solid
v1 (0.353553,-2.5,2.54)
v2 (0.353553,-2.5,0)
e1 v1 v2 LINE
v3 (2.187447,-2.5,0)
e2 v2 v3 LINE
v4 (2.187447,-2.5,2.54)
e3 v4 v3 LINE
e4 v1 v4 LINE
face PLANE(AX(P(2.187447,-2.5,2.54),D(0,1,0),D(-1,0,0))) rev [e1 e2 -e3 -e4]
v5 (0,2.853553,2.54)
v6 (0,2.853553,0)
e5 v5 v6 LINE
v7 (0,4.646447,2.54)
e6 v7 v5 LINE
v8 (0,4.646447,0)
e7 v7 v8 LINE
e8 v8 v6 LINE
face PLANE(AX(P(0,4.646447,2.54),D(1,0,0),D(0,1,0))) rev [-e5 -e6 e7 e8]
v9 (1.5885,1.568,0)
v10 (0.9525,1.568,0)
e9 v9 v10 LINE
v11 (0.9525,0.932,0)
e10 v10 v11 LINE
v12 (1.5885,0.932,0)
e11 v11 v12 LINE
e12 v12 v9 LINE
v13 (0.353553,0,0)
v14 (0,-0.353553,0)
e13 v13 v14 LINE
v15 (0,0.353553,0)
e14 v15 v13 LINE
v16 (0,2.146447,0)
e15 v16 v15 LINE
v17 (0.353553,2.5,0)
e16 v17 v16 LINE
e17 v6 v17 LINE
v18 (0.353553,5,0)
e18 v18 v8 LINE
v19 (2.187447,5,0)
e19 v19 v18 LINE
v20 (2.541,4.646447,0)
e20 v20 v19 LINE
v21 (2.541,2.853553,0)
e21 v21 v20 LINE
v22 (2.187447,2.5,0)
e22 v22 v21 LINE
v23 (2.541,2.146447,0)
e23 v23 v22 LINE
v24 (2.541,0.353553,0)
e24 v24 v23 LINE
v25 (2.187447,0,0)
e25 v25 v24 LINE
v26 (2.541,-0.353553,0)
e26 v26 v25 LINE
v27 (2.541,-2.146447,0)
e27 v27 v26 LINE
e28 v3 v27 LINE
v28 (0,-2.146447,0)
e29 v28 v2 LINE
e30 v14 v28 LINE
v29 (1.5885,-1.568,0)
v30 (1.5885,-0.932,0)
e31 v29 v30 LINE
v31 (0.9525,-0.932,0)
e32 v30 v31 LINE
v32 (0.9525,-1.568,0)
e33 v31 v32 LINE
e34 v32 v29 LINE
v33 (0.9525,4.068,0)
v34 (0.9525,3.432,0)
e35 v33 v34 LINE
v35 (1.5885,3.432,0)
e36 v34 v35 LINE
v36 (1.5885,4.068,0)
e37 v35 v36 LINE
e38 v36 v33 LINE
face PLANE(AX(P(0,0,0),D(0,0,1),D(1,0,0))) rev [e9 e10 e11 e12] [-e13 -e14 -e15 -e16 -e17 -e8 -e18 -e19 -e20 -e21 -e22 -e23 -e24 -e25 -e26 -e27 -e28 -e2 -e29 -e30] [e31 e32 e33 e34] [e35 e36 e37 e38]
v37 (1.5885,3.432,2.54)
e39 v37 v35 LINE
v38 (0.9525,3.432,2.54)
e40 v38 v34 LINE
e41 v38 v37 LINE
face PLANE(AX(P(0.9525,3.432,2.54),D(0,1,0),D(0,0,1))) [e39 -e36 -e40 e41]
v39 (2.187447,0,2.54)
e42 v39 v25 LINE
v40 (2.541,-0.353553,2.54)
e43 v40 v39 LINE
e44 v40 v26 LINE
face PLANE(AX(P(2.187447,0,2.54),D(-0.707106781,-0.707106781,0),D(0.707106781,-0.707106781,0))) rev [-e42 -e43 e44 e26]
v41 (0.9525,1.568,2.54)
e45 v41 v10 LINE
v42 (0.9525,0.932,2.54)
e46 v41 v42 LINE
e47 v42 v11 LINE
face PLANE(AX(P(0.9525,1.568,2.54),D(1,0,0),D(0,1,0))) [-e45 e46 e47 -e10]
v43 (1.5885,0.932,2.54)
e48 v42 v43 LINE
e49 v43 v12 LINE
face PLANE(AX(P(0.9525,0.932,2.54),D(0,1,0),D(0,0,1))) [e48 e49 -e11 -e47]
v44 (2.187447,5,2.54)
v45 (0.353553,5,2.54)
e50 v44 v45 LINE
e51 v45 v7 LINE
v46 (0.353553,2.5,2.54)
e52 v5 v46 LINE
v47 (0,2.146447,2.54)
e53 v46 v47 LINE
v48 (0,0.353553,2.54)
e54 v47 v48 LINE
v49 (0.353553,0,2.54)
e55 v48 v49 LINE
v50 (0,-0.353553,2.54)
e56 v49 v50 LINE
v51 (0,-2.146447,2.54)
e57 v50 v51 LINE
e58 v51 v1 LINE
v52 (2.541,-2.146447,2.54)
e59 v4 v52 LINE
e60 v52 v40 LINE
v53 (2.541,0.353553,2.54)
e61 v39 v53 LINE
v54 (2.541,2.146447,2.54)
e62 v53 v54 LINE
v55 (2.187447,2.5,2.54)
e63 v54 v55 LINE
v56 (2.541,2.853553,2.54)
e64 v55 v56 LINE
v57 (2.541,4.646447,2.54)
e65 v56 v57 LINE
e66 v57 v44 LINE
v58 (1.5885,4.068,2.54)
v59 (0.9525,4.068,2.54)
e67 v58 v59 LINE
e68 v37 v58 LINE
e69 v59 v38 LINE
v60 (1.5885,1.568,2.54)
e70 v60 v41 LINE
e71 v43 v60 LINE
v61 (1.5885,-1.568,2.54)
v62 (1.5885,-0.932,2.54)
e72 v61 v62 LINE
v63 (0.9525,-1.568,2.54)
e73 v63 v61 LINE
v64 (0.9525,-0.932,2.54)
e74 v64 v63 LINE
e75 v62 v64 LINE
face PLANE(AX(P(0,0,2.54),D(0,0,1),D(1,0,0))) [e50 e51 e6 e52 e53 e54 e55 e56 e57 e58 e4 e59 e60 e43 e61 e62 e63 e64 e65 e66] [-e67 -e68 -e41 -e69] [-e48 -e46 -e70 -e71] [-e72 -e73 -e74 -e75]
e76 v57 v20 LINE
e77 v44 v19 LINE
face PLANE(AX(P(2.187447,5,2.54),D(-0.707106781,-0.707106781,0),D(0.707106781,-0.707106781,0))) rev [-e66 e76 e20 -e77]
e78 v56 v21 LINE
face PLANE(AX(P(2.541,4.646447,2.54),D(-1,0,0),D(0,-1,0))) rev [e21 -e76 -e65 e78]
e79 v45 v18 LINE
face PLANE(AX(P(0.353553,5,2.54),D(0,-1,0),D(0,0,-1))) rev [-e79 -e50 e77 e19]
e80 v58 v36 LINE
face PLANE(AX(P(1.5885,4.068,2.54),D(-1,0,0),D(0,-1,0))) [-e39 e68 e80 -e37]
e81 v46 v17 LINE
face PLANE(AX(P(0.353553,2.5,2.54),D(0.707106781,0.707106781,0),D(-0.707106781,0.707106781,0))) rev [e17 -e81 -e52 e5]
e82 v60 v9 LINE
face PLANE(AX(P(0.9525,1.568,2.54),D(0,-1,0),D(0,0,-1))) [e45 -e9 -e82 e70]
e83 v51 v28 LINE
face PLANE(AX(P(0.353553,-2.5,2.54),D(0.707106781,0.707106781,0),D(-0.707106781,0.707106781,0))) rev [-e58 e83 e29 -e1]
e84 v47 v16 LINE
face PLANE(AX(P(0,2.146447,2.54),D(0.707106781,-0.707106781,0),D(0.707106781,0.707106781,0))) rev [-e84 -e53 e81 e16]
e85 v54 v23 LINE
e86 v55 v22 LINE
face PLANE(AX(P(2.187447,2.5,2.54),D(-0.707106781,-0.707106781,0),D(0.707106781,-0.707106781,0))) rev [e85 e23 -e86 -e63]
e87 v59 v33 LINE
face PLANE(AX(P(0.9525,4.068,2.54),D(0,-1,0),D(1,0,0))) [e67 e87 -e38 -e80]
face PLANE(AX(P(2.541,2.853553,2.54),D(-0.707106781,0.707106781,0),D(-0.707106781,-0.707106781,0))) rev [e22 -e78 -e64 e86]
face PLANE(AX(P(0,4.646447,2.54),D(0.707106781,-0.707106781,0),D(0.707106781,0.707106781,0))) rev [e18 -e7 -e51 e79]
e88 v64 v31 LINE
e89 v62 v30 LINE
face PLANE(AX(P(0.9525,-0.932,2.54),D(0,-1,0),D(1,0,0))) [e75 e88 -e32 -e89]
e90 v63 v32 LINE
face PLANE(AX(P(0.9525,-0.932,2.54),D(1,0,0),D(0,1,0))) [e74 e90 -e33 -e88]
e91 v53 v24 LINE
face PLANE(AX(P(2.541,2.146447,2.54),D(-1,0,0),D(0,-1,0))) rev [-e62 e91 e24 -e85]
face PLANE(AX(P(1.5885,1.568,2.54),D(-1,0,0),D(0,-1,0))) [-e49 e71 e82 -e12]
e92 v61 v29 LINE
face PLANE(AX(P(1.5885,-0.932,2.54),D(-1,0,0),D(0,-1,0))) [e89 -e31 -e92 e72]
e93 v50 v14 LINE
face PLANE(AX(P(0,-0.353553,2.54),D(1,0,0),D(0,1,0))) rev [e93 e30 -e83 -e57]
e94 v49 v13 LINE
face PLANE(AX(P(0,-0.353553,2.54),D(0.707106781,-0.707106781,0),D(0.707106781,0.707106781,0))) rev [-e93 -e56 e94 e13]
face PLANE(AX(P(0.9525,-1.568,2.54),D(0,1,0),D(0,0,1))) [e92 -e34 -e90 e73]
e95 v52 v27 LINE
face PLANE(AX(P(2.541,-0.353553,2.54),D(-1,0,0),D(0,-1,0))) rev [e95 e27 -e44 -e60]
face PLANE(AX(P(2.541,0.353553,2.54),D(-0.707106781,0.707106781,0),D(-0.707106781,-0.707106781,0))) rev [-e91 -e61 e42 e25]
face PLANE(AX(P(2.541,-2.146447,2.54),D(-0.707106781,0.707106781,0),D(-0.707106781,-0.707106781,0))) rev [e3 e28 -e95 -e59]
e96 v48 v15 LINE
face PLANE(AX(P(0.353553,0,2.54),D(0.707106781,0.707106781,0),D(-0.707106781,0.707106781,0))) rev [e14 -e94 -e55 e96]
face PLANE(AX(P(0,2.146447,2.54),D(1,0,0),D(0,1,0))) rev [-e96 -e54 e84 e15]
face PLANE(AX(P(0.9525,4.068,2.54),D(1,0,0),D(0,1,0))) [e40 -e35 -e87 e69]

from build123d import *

# Parameters (mm, degrees)
PIN_DRAWING_W       = 0.636
PIN_DRAWING_H       = 0.636
BOSS_EXTRUDE1_DEPTH = 2.54


with BuildPart() as part:
    # pin_drawing → Boss-Extrude1 (new body)
    with BuildSketch(Plane.XY):
        Polygon((0, 2.146446609), (0, 0.353553391), (0.353553391, 0), (0, -0.353553391), (0, -2.146446609), (0.353553391, -2.5), (2.187446609, -2.5), (2.541, -2.146446609), (2.541, -0.353553391), (2.187446609, 0), (2.541, 0.353553391), (2.541, 2.146446609), (2.187446609, 2.5), (2.541, 2.853553391), (2.541, 4.646446609), (2.187446609, 5), (0.353553391, 5), (0, 4.646446609), (0, 2.853553391), (0.353553391, 2.5), align=None)
        with Locations((1.2705, -1.25)):
            Rectangle(PIN_DRAWING_W, PIN_DRAWING_H, mode=Mode.SUBTRACT)
        with Locations((1.2705, 1.25)):
            Rectangle(PIN_DRAWING_W, PIN_DRAWING_H, mode=Mode.SUBTRACT)
        with Locations((1.2705, 3.75)):
            Rectangle(PIN_DRAWING_W, PIN_DRAWING_H, mode=Mode.SUBTRACT)
    extrude(amount=BOSS_EXTRUDE1_DEPTH)


solid = part.part
